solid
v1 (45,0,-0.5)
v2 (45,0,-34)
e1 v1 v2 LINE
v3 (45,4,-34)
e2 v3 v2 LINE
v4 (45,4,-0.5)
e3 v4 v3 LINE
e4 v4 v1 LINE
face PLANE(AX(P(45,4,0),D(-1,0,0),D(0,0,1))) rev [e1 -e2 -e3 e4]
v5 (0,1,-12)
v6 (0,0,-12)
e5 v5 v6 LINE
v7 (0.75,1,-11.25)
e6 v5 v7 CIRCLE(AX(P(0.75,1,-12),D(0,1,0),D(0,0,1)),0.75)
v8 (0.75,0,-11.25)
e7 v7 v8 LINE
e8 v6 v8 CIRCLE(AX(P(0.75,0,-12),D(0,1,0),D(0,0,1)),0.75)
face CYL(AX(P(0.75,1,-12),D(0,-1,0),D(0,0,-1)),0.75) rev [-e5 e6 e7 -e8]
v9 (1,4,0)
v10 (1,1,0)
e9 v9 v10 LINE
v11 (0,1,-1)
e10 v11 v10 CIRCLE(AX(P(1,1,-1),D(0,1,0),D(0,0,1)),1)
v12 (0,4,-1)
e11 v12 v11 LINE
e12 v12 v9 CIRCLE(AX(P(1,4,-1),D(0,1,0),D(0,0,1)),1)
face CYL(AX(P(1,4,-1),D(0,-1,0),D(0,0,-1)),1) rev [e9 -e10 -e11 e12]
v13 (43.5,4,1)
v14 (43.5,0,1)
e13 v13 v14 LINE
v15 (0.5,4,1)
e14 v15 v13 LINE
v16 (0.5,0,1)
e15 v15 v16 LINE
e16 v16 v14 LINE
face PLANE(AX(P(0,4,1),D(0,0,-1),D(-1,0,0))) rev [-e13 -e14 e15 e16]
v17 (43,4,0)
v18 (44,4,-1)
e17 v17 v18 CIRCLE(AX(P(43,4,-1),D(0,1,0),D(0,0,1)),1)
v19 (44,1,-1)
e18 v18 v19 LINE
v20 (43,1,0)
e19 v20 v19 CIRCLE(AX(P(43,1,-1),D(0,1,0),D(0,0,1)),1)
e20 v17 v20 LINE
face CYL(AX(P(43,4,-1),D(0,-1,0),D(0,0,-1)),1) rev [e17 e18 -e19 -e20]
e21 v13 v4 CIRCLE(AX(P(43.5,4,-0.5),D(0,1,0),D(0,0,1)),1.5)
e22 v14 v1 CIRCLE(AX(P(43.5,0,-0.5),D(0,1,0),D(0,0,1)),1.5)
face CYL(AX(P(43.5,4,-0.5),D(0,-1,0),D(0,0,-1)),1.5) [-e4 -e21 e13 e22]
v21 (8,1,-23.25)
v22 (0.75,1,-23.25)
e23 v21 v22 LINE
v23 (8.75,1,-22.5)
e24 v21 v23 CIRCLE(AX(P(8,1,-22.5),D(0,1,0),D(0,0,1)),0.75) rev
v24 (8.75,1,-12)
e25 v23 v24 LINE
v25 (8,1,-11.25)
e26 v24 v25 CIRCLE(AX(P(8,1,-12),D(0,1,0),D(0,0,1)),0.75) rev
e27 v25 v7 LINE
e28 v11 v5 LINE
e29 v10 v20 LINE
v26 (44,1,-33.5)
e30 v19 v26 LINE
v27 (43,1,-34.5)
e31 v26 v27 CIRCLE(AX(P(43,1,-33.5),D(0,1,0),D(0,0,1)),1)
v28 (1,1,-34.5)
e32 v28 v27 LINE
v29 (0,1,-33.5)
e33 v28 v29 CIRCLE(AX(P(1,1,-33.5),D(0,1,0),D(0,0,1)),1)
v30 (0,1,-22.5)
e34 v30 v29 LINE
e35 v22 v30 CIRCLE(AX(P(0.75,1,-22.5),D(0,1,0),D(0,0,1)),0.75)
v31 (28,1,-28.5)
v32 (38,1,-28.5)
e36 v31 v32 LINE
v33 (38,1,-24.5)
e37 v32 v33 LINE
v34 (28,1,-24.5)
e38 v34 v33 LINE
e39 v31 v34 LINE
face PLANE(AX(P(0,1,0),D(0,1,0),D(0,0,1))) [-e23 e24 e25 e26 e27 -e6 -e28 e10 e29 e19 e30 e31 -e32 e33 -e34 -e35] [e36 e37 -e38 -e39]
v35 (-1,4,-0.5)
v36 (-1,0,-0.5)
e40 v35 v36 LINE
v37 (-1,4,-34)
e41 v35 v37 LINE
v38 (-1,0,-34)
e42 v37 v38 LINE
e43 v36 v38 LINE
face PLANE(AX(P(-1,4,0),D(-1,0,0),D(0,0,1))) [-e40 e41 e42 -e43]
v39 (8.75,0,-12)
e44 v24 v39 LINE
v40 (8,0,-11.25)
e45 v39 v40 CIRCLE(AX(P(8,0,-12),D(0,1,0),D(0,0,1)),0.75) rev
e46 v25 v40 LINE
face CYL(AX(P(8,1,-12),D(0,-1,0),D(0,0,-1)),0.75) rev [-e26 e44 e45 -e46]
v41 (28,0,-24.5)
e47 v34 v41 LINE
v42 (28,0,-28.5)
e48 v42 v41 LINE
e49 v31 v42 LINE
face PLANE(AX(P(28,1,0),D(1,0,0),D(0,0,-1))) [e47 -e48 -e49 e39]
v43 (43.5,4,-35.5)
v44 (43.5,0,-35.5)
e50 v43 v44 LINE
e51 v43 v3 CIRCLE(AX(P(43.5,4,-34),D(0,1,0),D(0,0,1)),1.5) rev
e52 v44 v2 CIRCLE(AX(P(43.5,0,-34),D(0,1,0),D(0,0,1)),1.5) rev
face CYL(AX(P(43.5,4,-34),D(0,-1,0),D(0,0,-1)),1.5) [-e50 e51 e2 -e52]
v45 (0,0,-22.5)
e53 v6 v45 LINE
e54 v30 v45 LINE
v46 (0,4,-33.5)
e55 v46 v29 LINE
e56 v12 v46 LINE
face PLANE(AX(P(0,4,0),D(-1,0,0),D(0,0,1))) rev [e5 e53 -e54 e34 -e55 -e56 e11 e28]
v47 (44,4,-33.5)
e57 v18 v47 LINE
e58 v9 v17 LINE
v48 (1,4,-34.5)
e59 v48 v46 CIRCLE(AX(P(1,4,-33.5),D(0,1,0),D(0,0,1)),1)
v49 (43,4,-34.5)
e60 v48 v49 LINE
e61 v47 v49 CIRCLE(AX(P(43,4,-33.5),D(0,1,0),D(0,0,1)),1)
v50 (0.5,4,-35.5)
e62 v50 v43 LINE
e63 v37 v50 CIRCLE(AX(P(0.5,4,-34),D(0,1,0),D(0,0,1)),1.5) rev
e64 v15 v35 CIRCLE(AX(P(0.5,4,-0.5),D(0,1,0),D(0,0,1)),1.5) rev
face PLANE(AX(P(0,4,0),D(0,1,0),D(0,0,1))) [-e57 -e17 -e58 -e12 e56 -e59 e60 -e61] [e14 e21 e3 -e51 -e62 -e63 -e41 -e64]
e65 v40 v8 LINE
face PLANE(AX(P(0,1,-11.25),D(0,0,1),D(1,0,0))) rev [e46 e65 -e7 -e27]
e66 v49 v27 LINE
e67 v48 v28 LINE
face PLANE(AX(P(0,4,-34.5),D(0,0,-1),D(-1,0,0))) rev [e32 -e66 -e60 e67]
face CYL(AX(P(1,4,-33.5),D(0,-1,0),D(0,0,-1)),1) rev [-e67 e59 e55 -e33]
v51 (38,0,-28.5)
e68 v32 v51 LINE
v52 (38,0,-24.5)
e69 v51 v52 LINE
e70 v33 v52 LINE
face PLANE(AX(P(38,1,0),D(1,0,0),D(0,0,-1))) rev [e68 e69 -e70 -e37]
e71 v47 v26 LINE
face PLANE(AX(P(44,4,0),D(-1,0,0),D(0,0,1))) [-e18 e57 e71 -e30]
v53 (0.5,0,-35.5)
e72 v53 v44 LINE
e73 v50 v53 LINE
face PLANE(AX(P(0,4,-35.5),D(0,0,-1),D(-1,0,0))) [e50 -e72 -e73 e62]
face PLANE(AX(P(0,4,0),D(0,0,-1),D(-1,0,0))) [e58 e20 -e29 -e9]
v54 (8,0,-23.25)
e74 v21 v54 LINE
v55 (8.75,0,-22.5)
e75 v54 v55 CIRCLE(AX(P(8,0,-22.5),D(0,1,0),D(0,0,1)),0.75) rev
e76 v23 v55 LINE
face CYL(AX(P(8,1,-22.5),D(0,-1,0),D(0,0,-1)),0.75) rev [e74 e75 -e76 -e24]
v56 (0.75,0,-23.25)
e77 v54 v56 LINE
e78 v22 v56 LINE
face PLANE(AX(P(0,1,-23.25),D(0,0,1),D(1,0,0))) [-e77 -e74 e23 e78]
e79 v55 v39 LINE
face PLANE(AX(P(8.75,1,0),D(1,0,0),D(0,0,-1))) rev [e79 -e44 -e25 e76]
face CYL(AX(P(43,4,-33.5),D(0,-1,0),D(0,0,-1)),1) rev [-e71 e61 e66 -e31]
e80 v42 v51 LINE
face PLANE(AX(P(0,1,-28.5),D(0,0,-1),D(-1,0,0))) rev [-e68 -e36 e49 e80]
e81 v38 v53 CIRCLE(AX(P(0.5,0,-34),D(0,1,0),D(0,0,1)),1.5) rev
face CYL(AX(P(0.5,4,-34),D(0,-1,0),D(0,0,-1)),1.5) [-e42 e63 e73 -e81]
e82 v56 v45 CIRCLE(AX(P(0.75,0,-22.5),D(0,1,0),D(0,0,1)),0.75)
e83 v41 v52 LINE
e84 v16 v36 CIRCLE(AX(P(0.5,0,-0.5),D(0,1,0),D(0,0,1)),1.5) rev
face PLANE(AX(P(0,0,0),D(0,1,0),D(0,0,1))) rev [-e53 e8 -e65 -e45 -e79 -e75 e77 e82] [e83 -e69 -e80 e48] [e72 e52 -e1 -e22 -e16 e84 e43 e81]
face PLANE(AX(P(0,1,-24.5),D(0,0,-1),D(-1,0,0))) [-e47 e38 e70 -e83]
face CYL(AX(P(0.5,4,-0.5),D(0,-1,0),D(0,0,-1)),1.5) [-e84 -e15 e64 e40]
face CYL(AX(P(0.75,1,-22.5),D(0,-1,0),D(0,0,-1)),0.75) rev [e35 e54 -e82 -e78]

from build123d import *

# Parameters (mm, degrees)
SKETCH1_W           = 10
SKETCH1_H           = 4
BOSS_EXTRUDE1_DEPTH = 1
BOSS_EXTRUDE2_DEPTH = 4


with BuildPart() as part:
    # Sketch1 → Boss-Extrude1 (new body)
    with BuildSketch(Plane(origin=(0, 0, 0), x_dir=(1, 0, 0), z_dir=(0, 1, 0))):
        with BuildLine():
            Line((8.75, 22.5), (8.75, 12))
            ThreePointArc((8.75, 12), (8.530330086, 11.469669914), (8, 11.25))
            Line((8, 11.25), (0.75, 11.25))
            ThreePointArc((0.75, 11.25), (0.219669914, 11.469669914), (0, 12))
            Line((0, 12), (0, 1))
            ThreePointArc((0, 1), (0.292893219, 0.292893219), (1, 0))
            Line((1, 0), (43, 0))
            ThreePointArc((43, 0), (43.707106781, 0.292893219), (44, 1))
            Line((44, 1), (44, 33.5))
            ThreePointArc((44, 33.5), (43.707106781, 34.207106781), (43, 34.5))
            Line((43, 34.5), (1, 34.5))
            ThreePointArc((1, 34.5), (0.292893219, 34.207106781), (0, 33.5))
            Line((0, 33.5), (0, 22.5))
            ThreePointArc((0, 22.5), (0.219669914, 23.030330086), (0.75, 23.25))
            Line((0.75, 23.25), (8, 23.25))
            ThreePointArc((8, 23.25), (8.530330086, 23.030330086), (8.75, 22.5))
        make_face()
        with Locations((33, 26.5)):
            Rectangle(SKETCH1_W, SKETCH1_H, mode=Mode.SUBTRACT)
    extrude(amount=BOSS_EXTRUDE1_DEPTH)

    # Sketch1<3> → Boss-Extrude2 (add)
    with BuildSketch(Plane(origin=(0, 0, 0), x_dir=(1, 0, 0), z_dir=(0, 1, 0))):
        with BuildLine():
            ThreePointArc((-1, 0.5), (-0.560660172, -0.560660172), (0.5, -1))
            Line((0.5, -1), (43.5, -1))
            ThreePointArc((43.5, -1), (44.560660172, -0.560660172), (45, 0.5))
            Line((45, 0.5), (45, 34))
            ThreePointArc((45, 34), (44.560660172, 35.060660172), (43.5, 35.5))
            Line((43.5, 35.5), (0.5, 35.5))
            ThreePointArc((0.5, 35.5), (-0.560660172, 35.060660172), (-1, 34))
            Line((-1, 34), (-1, 0.5))
        make_face()
        with BuildLine():
            Line((43, 0), (1, 0))
            ThreePointArc((1, 0), (0.292893219, 0.292893219), (0, 1))
            Line((0, 1), (0, 9.75))
            Line((0, 9.75), (0, 12))
            Line((0, 12), (0, 22.5))
            Line((0, 22.5), (0, 24.75))
            Line((0, 24.75), (0, 33.5))
            ThreePointArc((0, 33.5), (0.292893219, 34.207106781), (1, 34.5))
            Line((1, 34.5), (43, 34.5))
            ThreePointArc((43, 34.5), (43.707106781, 34.207106781), (44, 33.5))
            Line((44, 33.5), (44, 1))
            ThreePointArc((44, 1), (43.707106781, 0.292893219), (43, 0))
        make_face(mode=Mode.SUBTRACT)
    extrude(amount=BOSS_EXTRUDE2_DEPTH)


solid = part.part
